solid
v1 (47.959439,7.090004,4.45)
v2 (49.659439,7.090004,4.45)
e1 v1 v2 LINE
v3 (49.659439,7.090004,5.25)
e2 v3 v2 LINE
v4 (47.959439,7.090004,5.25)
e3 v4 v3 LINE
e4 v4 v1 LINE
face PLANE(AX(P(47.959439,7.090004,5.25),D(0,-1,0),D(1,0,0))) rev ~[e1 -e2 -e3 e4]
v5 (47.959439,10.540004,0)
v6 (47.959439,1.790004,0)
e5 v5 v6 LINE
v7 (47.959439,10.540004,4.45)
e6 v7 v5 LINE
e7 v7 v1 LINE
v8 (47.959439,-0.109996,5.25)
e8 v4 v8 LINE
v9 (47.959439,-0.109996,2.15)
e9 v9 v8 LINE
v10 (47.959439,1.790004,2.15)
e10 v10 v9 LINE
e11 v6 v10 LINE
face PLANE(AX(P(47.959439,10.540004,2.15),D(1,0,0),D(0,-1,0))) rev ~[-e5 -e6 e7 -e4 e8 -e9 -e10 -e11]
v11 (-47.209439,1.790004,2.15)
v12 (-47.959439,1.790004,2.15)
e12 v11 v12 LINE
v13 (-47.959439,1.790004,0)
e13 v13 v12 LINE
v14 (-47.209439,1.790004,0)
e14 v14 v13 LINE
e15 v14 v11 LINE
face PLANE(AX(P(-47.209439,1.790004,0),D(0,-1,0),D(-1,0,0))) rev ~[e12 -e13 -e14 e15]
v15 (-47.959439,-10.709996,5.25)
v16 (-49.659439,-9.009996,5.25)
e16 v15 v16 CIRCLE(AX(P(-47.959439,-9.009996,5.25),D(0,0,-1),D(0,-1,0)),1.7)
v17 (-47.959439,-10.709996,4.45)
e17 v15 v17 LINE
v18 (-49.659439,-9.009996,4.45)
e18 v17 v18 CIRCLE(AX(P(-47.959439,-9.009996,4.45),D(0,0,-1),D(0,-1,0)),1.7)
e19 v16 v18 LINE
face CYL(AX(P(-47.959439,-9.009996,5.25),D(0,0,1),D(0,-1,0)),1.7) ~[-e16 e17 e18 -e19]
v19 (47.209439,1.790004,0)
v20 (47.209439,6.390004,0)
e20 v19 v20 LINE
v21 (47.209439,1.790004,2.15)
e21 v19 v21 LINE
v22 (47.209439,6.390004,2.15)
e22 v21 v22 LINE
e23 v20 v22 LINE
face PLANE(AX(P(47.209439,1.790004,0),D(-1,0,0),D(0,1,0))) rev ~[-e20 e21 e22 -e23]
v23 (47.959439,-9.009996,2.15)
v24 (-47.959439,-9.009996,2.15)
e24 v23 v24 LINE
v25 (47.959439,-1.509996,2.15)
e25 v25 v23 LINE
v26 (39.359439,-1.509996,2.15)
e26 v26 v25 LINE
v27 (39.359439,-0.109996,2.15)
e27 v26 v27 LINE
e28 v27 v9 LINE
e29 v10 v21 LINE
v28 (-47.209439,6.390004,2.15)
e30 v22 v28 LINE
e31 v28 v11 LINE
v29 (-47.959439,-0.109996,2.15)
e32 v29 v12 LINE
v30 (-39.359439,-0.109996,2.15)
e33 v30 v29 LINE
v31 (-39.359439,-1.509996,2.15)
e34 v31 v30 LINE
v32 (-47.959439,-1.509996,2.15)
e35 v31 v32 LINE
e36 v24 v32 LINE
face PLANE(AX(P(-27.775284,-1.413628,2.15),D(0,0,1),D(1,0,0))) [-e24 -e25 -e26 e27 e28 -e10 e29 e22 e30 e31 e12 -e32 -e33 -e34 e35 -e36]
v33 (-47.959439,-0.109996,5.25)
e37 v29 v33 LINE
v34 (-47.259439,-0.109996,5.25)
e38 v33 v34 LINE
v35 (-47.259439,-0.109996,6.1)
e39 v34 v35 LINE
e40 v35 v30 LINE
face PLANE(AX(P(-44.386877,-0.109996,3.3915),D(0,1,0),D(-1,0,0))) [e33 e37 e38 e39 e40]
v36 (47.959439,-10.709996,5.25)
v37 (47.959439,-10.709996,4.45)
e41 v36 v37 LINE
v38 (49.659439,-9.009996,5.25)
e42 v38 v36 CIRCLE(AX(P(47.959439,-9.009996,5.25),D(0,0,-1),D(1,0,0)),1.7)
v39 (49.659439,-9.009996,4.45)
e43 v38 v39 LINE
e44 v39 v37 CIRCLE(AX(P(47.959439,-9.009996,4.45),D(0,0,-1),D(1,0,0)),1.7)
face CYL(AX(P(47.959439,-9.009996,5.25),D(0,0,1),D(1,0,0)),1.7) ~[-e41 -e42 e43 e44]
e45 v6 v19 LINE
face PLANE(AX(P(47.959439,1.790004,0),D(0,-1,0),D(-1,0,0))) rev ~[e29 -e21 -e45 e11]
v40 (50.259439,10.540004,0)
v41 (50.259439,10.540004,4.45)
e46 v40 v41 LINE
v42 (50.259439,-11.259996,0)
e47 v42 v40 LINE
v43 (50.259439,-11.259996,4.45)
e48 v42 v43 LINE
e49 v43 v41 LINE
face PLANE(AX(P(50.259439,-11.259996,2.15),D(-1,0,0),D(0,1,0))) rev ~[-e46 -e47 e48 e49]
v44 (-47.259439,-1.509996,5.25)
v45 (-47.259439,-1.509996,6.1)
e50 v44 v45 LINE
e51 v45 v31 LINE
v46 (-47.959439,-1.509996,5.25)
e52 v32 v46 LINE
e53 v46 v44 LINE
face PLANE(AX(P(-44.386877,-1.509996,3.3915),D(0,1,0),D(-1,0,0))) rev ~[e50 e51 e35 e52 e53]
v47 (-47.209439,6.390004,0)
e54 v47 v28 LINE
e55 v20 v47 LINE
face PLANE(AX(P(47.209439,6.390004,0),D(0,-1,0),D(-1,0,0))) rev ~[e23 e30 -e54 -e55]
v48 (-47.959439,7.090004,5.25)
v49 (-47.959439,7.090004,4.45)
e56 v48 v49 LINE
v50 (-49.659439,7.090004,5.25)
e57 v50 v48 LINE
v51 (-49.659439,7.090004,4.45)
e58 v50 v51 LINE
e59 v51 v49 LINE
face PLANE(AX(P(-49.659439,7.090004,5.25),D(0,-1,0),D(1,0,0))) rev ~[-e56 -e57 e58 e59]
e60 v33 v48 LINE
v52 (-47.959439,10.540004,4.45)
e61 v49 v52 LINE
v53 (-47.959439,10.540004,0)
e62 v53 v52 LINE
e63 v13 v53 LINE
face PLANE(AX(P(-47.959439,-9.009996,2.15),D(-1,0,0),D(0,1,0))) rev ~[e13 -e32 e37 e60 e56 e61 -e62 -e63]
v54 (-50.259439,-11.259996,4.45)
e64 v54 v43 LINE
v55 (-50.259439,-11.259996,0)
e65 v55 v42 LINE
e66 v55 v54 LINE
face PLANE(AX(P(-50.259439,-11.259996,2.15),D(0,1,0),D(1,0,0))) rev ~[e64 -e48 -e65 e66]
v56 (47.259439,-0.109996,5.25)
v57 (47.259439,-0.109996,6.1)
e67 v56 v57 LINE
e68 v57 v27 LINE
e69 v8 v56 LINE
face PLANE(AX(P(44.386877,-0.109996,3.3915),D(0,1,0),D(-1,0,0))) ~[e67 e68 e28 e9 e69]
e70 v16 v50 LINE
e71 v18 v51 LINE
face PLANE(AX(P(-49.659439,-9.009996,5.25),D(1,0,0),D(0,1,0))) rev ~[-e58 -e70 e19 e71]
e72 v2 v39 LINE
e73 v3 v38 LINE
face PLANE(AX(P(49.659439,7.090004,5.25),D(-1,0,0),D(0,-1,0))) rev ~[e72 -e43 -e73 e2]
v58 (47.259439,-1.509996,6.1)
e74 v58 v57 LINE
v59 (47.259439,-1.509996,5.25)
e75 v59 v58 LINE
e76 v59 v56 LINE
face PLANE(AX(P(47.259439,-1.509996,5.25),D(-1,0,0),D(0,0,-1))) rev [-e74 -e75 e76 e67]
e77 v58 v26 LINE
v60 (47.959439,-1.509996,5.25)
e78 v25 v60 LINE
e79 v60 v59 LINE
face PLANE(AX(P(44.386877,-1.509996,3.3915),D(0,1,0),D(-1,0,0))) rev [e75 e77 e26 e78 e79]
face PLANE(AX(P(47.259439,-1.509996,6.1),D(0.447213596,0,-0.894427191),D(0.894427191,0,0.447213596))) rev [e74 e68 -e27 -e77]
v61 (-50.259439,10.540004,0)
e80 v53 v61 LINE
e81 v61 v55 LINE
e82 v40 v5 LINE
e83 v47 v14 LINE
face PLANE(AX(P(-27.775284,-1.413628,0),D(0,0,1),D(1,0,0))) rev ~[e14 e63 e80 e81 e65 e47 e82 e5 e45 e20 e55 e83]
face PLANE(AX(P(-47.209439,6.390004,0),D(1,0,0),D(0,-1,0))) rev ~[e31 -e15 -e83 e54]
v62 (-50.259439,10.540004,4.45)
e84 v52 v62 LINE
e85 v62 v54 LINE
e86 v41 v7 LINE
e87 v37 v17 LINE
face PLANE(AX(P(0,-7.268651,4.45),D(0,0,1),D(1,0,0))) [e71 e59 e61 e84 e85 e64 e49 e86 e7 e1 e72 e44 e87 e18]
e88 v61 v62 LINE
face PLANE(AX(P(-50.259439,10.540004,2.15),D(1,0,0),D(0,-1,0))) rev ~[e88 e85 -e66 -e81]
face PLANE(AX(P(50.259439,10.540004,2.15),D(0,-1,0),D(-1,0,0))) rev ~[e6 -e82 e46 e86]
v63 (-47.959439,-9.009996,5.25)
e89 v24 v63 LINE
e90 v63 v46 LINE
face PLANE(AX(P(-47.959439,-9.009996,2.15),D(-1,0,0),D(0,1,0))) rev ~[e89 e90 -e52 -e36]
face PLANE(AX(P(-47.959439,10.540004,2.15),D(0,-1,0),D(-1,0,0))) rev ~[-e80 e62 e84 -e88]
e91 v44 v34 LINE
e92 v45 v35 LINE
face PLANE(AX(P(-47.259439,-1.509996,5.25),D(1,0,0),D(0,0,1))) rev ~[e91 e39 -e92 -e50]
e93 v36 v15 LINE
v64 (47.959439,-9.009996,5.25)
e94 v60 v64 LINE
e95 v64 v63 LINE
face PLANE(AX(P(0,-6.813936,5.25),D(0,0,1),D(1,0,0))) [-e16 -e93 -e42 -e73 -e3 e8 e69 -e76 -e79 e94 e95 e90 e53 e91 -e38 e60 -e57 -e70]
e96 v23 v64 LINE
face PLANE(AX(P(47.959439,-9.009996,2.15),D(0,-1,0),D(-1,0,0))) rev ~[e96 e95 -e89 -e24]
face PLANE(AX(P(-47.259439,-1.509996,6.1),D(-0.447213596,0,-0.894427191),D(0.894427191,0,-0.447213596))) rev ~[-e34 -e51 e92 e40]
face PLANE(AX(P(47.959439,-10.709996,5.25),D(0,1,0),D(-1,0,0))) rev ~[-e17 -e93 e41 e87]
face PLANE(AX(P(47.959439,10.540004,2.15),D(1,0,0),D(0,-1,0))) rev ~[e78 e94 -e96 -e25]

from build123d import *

# Parameters (mm, degrees)
F1_DEPTH = 2.15
F3_DEPTH = 3.1
F5_DEPTH = 0.8
F9_DEPTH = 1.4


with BuildPart() as f1:
    # F0 (on Top) → F1 (new body)
    with BuildSketch(Plane.XY):
        Polygon((-50.2594385356, -11.2599956296), (0, -11.2599956296), (0, 6.3900043704), (-47.2094385356, 6.3900043704), (-47.2094385356, 1.7900043704), (-47.9594385356, 1.7900043704), (-47.9594385356, 10.5400043704), (-50.2594385356, 10.5400043704), align=None)
        Polygon((0, 6.3900043704), (0, -11.2599956296), (50.2594385356, -11.2599956296), (50.2594385356, 10.5400043704), (47.9594385356, 10.5400043704), (47.9594385356, 1.7900043704), (47.2094385356, 1.7900043704), (47.2094385356, 6.3900043704), align=None)
    extrude(amount=F1_DEPTH)

    # F2 (on face) → F3 (join)
    with BuildSketch(Plane.XY.offset(2.15)):
        Polygon((-47.9594385356, -9.0099956296), (-47.9594385356, 1.7900043704), (-47.9594385356, 10.5400043704), (-50.2594385356, 10.5400043704), (-50.2594385356, -11.2599956296), (50.2594385356, -11.2599956296), (50.2594385356, 10.5400043704), (47.9594385356, 10.5400043704), (47.9594385356, 1.7900043704), (47.9594385356, -9.0099956296), (0, -9.0099956296), align=None)
    extrude(amount=F3_DEPTH)

    # F4 (on face) → F5 (cut)
    with BuildSketch(Plane.XY.offset(5.25)):
        with BuildLine():
            Line((-49.6594385356, -9.0099956296), (-49.6594385356, 7.0900043704))
            Line((-49.6594385356, 7.0900043704), (-47.9594385356, 7.0900043704))
            Line((-47.9594385356, 7.0900043704), (-47.9594385356, 10.5400043704))
            Line((-47.9594385356, 10.5400043704), (-50.2594385356, 10.5400043704))
            Line((-50.2594385356, 10.5400043704), (-50.2594385356, -11.2599956296))
            Line((-50.2594385356, -11.2599956296), (50.2594385356, -11.2599956296))
            Line((50.2594385356, -11.2599956296), (50.2594385356, 10.5400043704))
            Line((50.2594385356, 10.5400043704), (47.9594385356, 10.5400043704))
            Line((47.9594385356, 10.5400043704), (47.9594385356, 7.0900043704))
            Line((47.9594385356, 7.0900043704), (49.6594385356, 7.0900043704))
            Line((49.6594385356, 7.0900043704), (49.6594385356, -9.0099956296))
            ThreePointArc((49.6594385356, -9.0099956296), (49.1615200636, -10.2120771576), (47.9594385356, -10.7099956296))
            Line((47.9594385356, -10.7099956296), (0, -10.7099956296))
            Line((0, -10.7099956296), (-47.9594385356, -10.7099956296))
            ThreePointArc((-47.9594385356, -10.7099956296), (-49.1615200636, -10.2120771576), (-49.6594385356, -9.0099956296))
        make_face()
    extrude(amount=-F5_DEPTH, mode=Mode.SUBTRACT)

    # F8 (on plane+point) → F9 (join)
    with BuildSketch(Plane(origin=(0, -1.5099956296, 0), x_dir=(-1, 0, 0), z_dir=(0, 1, 0))):
        Polygon((47.2594385356, 6.1), (39.3594385356, 2.15), (47.9594385356, 2.15), (47.9594385356, 5.25), (47.2594385356, 5.25), align=None)
    extrude(amount=F9_DEPTH)

    # F10: F1 across plane


with BuildPart() as f1_1:
    add(f1.part)
    add(f1.part.mirror(Plane.YZ))


solid = f1_1.part
